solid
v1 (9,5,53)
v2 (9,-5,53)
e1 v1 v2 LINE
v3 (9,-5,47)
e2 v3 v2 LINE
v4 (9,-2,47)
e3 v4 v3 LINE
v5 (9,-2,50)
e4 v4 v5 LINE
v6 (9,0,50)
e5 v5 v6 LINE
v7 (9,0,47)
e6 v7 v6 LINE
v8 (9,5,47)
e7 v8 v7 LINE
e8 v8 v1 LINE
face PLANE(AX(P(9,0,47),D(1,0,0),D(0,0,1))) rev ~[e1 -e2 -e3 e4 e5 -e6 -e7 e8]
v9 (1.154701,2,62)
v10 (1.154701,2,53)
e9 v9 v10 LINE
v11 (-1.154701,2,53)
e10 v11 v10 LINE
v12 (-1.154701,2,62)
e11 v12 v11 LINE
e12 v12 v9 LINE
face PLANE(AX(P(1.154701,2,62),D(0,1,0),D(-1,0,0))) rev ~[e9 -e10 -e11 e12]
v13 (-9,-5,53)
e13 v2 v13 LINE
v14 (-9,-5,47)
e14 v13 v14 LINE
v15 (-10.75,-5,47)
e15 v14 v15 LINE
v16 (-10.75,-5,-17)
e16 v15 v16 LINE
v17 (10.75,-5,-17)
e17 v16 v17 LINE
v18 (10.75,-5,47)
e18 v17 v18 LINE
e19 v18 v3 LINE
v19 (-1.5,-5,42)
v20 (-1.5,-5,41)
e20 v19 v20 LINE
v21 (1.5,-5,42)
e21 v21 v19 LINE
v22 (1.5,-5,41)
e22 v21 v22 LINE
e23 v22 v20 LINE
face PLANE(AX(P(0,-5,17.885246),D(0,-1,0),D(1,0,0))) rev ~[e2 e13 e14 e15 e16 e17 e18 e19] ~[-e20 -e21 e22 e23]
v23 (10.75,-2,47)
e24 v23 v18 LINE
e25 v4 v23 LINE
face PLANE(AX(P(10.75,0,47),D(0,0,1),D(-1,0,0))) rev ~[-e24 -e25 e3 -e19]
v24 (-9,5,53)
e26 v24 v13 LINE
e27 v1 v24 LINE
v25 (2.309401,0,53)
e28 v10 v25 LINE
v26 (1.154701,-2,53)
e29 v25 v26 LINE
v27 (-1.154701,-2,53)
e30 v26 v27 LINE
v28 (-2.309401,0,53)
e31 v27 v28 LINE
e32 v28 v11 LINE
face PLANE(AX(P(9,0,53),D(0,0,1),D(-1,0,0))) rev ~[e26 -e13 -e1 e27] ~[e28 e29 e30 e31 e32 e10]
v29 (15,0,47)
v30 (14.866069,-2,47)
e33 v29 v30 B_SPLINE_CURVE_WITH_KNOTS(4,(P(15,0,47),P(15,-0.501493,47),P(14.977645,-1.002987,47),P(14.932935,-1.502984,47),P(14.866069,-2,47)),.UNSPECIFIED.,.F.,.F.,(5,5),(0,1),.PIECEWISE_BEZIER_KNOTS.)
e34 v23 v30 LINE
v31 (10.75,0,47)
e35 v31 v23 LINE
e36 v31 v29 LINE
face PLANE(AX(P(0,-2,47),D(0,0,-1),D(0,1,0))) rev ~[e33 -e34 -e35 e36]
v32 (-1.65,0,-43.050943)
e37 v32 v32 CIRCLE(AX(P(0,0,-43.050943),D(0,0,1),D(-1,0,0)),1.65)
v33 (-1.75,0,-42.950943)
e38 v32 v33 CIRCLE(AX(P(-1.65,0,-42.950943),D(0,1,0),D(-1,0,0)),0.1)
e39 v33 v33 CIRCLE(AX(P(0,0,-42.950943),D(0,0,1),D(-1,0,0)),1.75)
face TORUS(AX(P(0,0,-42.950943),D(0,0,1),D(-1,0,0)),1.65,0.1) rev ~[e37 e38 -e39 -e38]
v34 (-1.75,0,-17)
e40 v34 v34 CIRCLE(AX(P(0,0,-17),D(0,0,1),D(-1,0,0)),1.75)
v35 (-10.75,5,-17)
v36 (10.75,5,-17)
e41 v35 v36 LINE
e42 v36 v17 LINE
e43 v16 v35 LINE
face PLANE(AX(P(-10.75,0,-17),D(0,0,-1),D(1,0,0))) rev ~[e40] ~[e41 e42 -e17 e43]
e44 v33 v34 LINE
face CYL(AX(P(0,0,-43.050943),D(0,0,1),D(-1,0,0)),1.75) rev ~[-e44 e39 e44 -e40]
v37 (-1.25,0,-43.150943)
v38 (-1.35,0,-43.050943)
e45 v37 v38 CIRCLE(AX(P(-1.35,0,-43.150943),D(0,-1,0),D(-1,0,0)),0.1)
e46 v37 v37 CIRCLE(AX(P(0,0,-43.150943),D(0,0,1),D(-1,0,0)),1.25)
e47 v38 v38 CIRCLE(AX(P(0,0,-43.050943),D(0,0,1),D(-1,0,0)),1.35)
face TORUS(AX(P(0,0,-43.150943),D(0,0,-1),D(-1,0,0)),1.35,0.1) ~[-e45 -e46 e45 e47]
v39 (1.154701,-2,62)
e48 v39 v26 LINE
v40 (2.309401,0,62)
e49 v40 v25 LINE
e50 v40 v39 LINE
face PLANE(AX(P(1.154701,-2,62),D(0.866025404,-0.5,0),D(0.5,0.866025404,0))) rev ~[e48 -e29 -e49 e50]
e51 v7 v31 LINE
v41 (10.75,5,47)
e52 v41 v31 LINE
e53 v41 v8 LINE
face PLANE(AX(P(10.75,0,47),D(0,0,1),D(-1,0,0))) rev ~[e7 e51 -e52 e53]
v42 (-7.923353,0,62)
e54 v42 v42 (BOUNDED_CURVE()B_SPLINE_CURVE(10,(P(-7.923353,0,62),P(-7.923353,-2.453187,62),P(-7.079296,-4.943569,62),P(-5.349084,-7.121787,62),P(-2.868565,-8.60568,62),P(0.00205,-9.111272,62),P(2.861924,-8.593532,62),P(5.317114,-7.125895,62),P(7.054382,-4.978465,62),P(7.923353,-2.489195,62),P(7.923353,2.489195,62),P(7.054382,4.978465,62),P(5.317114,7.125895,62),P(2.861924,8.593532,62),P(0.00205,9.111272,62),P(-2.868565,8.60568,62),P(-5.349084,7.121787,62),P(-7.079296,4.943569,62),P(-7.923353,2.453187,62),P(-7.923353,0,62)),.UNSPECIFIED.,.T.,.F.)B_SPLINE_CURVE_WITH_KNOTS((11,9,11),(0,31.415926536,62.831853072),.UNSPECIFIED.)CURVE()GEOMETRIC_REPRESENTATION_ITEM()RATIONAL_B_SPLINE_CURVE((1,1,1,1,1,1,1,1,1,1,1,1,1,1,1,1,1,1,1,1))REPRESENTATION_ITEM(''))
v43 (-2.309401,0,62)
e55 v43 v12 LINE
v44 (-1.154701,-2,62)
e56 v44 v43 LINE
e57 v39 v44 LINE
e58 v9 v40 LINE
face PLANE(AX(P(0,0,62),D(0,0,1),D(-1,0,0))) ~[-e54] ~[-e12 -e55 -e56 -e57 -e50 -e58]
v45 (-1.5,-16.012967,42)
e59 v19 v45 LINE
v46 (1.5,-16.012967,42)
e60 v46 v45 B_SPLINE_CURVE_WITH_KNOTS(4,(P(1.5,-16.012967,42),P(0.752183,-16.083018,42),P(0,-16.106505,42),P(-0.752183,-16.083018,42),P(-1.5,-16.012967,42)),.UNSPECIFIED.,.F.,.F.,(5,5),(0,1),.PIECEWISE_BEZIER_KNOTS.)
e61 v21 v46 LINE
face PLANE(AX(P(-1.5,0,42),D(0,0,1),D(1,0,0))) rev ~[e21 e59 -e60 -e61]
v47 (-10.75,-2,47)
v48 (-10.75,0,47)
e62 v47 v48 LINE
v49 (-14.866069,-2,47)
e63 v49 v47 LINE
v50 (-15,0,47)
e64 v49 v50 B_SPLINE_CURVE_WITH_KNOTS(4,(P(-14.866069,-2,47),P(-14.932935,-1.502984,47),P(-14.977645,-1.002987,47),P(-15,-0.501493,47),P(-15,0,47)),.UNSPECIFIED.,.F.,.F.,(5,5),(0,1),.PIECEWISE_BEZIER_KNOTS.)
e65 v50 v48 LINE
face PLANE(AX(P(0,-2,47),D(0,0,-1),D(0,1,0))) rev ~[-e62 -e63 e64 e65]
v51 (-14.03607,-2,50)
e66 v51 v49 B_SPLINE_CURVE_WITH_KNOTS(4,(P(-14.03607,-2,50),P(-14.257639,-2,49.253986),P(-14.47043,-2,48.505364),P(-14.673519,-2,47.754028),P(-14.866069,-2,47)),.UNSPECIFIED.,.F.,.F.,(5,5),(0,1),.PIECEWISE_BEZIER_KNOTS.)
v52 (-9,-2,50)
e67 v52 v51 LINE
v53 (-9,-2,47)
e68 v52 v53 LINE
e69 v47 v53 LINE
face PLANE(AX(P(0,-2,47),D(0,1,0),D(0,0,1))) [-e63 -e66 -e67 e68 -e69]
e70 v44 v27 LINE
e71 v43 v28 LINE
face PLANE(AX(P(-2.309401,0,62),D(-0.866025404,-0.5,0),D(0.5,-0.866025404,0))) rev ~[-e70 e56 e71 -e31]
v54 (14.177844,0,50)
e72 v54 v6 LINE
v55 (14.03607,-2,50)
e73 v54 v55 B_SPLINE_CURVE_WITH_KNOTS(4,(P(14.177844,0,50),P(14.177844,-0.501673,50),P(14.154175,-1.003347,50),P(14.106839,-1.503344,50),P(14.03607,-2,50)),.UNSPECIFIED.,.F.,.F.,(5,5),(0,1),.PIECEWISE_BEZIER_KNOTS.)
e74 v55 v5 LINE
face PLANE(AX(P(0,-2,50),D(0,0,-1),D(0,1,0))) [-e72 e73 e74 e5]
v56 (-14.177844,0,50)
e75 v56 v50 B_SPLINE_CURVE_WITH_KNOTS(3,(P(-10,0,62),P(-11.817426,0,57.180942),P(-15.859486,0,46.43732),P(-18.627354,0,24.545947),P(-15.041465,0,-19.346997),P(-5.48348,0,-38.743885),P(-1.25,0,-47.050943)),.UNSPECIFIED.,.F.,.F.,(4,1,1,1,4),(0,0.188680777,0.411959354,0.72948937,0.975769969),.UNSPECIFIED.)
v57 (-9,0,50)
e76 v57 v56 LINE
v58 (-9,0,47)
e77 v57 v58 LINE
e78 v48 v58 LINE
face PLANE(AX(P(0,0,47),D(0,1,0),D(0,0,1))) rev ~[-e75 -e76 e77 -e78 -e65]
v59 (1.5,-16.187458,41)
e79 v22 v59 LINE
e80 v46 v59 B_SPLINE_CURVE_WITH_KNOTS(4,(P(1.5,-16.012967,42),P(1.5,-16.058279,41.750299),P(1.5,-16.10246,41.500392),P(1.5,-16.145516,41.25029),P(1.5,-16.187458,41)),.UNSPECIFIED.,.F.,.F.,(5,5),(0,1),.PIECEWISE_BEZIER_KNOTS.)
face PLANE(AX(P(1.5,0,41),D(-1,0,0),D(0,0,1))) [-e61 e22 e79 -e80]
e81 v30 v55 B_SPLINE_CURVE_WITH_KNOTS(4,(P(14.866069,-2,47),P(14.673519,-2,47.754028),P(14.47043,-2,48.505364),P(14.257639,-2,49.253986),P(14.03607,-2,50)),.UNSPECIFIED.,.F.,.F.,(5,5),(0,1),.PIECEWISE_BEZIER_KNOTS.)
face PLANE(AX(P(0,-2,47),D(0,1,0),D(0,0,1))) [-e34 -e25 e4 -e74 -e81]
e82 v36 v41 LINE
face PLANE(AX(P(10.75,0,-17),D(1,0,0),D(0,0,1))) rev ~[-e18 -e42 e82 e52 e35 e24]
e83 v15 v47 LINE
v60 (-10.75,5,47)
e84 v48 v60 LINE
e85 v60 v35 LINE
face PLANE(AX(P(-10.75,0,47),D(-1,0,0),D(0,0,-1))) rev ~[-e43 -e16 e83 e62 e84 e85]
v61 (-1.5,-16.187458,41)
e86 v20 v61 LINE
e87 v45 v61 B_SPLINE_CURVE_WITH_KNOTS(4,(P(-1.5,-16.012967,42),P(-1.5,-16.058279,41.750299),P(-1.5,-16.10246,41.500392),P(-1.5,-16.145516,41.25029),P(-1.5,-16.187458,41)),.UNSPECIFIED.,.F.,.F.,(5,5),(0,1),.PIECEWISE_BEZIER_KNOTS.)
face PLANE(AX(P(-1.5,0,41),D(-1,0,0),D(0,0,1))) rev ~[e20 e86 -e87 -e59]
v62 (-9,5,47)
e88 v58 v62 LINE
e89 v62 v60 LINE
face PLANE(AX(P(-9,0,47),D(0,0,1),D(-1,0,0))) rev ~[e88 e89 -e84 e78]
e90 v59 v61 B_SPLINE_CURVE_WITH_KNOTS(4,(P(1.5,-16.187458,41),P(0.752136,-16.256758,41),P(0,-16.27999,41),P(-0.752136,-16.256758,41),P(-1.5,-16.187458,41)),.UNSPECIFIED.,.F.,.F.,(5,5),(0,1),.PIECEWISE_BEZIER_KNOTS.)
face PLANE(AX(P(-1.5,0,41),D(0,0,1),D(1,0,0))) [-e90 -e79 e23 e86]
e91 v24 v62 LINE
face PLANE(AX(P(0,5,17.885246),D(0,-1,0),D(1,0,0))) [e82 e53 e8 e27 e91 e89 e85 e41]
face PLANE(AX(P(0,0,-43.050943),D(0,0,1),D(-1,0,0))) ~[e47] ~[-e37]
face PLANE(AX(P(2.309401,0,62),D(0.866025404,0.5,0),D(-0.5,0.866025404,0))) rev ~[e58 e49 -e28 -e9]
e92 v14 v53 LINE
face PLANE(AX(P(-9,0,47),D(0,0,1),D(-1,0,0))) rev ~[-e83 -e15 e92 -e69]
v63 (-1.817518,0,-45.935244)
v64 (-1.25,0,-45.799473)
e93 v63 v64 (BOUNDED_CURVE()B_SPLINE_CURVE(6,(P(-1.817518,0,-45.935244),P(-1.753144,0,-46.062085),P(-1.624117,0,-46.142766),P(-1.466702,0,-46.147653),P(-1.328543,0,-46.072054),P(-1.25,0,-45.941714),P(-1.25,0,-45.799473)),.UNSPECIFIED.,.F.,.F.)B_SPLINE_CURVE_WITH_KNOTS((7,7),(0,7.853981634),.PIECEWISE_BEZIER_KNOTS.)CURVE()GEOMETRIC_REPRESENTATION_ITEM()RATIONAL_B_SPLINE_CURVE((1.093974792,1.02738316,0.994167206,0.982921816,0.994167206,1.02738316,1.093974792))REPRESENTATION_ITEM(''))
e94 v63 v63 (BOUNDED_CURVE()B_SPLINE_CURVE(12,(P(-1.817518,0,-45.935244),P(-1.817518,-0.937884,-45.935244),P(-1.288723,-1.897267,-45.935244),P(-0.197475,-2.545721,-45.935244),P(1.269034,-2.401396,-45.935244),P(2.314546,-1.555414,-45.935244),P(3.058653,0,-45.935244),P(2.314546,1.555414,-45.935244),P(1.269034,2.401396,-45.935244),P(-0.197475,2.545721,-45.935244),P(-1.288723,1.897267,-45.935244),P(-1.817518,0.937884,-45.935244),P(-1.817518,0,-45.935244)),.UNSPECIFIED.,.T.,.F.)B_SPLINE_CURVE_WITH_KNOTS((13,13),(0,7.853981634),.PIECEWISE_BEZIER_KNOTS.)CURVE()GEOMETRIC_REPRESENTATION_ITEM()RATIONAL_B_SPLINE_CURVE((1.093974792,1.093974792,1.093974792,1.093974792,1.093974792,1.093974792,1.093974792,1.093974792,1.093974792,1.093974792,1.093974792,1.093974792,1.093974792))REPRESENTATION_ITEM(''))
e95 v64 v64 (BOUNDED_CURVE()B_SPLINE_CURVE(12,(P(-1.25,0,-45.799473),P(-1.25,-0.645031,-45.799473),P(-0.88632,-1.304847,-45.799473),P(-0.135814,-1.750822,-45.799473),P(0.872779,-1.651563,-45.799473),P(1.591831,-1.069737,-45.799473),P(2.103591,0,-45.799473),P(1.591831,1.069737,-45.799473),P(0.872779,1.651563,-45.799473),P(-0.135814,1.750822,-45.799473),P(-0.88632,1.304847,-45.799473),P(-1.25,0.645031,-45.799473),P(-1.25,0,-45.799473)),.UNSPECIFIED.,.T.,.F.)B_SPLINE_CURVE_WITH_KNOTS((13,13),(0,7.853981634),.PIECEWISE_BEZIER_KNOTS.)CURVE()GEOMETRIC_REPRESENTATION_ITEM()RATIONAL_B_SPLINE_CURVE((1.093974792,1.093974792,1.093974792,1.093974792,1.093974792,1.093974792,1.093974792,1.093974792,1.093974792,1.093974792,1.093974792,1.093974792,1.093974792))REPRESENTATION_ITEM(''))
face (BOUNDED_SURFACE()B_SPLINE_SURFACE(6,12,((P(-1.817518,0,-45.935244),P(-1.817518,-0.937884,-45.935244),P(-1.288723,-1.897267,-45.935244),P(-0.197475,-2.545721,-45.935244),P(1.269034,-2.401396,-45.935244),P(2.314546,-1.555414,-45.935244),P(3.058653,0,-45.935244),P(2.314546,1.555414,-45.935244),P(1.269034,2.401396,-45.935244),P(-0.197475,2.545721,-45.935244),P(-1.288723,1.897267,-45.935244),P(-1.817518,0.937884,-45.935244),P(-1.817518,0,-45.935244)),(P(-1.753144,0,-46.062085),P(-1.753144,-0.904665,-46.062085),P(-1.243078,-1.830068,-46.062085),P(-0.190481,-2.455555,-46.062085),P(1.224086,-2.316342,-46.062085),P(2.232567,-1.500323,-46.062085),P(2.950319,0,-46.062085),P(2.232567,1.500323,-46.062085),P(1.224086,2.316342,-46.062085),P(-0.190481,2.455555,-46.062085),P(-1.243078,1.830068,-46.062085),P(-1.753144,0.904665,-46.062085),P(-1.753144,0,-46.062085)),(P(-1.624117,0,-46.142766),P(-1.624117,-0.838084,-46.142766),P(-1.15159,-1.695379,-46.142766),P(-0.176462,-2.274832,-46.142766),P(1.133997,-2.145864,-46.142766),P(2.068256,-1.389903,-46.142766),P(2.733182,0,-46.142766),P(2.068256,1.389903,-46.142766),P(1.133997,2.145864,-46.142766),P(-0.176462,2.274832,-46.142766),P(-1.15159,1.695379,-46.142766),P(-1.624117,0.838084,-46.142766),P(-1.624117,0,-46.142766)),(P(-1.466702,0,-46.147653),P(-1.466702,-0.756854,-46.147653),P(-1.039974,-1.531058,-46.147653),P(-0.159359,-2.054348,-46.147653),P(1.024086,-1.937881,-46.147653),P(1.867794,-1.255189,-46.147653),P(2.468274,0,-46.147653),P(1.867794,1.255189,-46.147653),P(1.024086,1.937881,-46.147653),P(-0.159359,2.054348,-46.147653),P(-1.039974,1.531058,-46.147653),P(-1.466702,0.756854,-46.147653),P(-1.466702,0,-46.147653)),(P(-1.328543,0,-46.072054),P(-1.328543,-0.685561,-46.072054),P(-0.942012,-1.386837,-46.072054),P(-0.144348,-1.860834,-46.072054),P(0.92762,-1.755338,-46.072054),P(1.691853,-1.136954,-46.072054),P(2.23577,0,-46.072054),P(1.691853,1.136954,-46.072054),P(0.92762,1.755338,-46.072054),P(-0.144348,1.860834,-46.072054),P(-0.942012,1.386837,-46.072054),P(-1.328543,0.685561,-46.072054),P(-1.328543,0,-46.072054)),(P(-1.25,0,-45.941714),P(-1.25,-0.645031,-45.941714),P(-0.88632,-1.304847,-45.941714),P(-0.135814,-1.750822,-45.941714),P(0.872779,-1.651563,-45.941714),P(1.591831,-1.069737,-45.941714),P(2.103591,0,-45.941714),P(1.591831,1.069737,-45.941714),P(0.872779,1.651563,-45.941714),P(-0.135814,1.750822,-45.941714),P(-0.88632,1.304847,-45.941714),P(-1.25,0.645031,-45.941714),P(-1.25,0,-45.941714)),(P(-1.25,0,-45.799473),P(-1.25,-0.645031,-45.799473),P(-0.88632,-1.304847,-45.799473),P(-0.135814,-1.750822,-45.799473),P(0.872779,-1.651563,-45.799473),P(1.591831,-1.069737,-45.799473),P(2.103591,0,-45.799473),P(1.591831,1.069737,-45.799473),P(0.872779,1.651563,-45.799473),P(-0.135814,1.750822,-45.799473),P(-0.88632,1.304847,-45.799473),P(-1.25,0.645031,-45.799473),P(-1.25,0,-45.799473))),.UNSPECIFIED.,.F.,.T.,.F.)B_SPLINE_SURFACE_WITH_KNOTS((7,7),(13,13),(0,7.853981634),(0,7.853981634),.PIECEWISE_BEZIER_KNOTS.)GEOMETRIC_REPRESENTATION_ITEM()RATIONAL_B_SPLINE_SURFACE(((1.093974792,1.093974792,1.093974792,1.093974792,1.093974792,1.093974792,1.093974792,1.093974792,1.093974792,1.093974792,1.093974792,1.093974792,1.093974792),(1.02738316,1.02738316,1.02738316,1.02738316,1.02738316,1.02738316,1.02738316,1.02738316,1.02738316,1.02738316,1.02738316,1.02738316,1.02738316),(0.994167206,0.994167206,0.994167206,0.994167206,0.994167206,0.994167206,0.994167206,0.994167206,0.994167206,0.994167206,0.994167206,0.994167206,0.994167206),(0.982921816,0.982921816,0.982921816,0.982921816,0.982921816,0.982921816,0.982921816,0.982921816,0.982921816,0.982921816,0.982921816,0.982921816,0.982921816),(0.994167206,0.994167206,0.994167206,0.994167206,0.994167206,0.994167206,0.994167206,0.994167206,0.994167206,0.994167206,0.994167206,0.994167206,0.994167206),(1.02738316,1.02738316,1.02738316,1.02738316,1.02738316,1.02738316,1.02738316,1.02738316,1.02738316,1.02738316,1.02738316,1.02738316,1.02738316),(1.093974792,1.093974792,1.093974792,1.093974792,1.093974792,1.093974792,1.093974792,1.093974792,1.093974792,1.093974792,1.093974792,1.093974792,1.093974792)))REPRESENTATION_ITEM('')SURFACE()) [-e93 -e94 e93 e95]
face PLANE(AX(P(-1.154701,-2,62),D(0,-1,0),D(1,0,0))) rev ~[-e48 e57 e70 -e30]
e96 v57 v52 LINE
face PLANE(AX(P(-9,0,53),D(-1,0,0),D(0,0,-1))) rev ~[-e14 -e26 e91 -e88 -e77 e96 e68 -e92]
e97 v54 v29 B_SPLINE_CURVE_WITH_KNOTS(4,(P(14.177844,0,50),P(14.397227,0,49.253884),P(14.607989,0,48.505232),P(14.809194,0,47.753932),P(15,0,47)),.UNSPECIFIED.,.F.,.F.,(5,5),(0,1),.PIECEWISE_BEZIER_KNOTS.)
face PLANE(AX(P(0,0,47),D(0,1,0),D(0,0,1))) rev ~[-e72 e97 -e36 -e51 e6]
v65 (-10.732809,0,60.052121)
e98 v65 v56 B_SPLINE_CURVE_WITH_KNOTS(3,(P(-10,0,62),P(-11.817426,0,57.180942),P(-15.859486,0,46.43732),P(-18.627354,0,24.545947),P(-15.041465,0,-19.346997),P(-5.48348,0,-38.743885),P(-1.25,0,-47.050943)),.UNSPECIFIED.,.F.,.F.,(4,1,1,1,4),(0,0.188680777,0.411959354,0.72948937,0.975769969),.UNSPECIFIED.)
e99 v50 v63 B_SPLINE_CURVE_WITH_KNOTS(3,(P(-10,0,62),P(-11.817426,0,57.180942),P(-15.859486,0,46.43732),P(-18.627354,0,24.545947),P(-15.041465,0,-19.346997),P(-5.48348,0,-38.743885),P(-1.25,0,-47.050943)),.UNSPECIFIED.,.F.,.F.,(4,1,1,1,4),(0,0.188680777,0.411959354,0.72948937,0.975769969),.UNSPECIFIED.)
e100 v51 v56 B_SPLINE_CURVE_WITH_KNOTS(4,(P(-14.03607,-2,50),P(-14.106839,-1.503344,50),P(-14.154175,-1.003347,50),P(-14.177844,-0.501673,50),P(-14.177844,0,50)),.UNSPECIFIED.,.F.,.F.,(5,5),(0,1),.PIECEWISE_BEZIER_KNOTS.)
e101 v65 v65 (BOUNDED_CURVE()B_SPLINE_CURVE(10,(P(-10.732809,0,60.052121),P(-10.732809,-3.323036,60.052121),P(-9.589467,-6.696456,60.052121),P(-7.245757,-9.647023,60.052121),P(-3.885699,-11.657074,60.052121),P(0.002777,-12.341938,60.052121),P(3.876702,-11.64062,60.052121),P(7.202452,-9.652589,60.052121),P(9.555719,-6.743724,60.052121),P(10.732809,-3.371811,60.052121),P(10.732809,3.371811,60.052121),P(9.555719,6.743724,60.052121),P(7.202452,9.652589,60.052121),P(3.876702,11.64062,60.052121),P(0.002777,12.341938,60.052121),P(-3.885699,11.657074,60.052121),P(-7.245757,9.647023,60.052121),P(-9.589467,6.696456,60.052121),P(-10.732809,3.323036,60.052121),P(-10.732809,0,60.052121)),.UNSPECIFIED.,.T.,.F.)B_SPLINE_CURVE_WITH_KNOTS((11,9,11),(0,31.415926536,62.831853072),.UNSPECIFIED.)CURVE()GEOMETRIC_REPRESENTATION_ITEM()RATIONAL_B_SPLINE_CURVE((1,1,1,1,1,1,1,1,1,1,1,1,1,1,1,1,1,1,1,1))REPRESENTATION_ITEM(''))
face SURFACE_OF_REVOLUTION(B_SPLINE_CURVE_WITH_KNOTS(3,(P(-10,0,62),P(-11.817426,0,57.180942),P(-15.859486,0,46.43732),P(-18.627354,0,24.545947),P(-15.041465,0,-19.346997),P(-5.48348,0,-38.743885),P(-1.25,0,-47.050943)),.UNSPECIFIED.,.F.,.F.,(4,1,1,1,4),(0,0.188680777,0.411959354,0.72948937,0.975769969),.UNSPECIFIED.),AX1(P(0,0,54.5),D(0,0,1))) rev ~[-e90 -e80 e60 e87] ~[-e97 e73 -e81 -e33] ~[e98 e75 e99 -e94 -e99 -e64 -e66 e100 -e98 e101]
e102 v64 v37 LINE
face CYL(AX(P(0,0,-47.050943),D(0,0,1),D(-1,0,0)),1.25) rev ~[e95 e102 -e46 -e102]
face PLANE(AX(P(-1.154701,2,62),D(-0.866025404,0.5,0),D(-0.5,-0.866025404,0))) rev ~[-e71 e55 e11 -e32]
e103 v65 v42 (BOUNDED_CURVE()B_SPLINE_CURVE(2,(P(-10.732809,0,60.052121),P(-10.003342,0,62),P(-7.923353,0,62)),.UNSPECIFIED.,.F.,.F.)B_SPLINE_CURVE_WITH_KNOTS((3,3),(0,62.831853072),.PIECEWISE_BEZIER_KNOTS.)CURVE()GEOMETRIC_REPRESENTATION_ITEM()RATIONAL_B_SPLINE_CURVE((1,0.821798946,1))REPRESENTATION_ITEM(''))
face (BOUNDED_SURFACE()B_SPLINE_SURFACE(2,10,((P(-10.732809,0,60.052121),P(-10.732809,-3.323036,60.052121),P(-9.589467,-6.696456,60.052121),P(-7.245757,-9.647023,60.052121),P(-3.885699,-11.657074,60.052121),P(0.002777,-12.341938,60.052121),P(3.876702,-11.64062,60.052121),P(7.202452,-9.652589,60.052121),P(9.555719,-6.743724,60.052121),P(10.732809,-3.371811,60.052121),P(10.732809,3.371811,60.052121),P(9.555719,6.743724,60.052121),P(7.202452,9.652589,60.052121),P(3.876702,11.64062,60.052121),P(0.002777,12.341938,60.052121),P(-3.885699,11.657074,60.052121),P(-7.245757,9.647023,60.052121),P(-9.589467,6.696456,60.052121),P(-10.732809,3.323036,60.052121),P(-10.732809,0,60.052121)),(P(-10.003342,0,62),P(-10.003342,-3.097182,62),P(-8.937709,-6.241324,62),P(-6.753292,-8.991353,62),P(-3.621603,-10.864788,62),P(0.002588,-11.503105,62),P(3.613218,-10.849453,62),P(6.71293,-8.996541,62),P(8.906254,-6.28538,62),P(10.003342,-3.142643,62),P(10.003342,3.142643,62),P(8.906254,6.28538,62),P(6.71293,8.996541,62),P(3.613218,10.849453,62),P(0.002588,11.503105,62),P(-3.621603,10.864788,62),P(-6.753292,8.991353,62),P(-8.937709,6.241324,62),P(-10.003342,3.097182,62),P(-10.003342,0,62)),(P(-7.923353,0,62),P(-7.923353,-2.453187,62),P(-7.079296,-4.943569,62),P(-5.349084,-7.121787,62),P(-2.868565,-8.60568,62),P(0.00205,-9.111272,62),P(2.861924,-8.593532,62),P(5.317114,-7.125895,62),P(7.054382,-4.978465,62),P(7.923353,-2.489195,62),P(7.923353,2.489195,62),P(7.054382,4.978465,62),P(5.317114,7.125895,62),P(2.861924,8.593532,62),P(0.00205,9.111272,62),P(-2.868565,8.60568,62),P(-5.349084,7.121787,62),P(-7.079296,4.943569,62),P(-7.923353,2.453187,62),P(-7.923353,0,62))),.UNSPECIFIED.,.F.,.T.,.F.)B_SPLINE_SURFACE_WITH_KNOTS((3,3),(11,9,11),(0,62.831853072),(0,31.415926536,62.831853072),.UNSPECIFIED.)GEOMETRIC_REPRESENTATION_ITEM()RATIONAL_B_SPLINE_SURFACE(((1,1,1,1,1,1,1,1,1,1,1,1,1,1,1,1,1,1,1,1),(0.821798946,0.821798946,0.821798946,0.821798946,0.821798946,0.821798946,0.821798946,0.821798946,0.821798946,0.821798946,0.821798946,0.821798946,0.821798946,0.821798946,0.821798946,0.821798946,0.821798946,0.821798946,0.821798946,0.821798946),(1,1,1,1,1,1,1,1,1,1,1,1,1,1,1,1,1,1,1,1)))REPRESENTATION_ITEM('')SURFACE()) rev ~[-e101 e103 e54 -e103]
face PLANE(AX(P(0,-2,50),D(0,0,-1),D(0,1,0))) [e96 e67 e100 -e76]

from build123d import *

# Parameters (mm, degrees)
F3_DEPTH = 5
F5_DEPTH = 15
F6_W     = 2
F6_H     = 3
F7_DEPTH = 20.5
F8_W     = 3
F8_H     = 1
F9_DEPTH = 17.5068136575
F10_R    = 0.3
F11_R    = 0.1
F12_R    = 0.1
F13_R    = 3


with BuildPart() as f2:
    # F1 (on Front) → F2 (revolve)
    with BuildSketch(Plane.XZ):
        with BuildLine():
            Line((-2, 62), (-10, 62))
            add(Edge.make_bspline(
                [(-10, 62), (-11.8174263966, 57.1809415466), (-15.8594861297, 46.4373198499), (-18.6273544316, 24.5459471202), (-15.0414654734, -19.3469968059), (-5.4834802074, -38.7438846901), (-1.25, -47.0509425635)],
                knots=[0, 0, 0, 0, 0.1886807773, 0.4119593541, 0.7294893705, 0.9757699691, 0.9757699691, 0.9757699691, 0.9757699691], degree=3))
            Line((-1.25, -47.0509425635), (-1.25, -43.0509425635))
            Line((-1.25, -43.0509425635), (-1.75, -43.0509425635))
            Line((-1.75, -43.0509425635), (-1.75, -17))
            Line((-1.75, -17), (0, -17))
            Line((0, -17), (0, 47))
            Line((0, 47), (0, 50))
            Line((0, 50), (-2, 50))
            Line((-2, 50), (-2, 62))
        make_face()
    revolve(axis=Axis((0, 0, 54.5), (0, 0, 1)))

    # F0 (on Front) → F3 (cut, symmetric)
    with BuildSketch(Plane.XZ):
        Polygon((-10.75, -17), (10.75, -17), (10.75, 47), (9, 47), (9, 53), (-9, 53), (-9, 47), (-10.75, 47), align=None)
    extrude(amount=F3_DEPTH, both=True, mode=Mode.SUBTRACT)

    # F4 (on face) → F5 (cut)
    with BuildSketch(Plane.XY.offset(62)):
        Polygon((1.1547005384, -2), (2.3094010768, 0), (1.1547005384, 2), (-1.1547005384, 2), (-2.3094010768, 0), (-1.1547005384, -2), align=None)
    extrude(amount=-F5_DEPTH, mode=Mode.SUBTRACT)

    # F6 (on Right) → F7 (cut, symmetric)
    with BuildSketch(Plane.YZ):
        with Locations((-1, 48.5)):
            Rectangle(F6_W, F6_H)
    extrude(amount=F7_DEPTH, both=True, mode=Mode.SUBTRACT)

    # F8 (on Front) → F9 (cut, through all)
    with BuildSketch(Plane.XZ):
        with Locations((0, 41.5)):
            Rectangle(F8_W, F8_H)
    extrude(amount=F9_DEPTH, mode=Mode.SUBTRACT)

    # F10
    f10_edges = [f2.edges().sort_by_distance(p)[0] for p in [
        (1.25, 0, -47.050943),
    ]]
    fillet(f10_edges, radius=F10_R)

    # F11
    f11_edges = [f2.edges().sort_by_distance(p)[0] for p in [
        (1.25, 0, -43.050943),
    ]]
    fillet(f11_edges, radius=F11_R)

    # F12
    f12_edges = [f2.edges().sort_by_distance(p)[0] for p in [
        (1.75, 0, -43.050943),
    ]]
    fillet(f12_edges, radius=F12_R)

    # F13
    f13_edges = [f2.edges().sort_by_distance(p)[0] for p in [
        (10, 0, 62),
    ]]
    fillet(f13_edges, radius=F13_R)


solid = f2.part
